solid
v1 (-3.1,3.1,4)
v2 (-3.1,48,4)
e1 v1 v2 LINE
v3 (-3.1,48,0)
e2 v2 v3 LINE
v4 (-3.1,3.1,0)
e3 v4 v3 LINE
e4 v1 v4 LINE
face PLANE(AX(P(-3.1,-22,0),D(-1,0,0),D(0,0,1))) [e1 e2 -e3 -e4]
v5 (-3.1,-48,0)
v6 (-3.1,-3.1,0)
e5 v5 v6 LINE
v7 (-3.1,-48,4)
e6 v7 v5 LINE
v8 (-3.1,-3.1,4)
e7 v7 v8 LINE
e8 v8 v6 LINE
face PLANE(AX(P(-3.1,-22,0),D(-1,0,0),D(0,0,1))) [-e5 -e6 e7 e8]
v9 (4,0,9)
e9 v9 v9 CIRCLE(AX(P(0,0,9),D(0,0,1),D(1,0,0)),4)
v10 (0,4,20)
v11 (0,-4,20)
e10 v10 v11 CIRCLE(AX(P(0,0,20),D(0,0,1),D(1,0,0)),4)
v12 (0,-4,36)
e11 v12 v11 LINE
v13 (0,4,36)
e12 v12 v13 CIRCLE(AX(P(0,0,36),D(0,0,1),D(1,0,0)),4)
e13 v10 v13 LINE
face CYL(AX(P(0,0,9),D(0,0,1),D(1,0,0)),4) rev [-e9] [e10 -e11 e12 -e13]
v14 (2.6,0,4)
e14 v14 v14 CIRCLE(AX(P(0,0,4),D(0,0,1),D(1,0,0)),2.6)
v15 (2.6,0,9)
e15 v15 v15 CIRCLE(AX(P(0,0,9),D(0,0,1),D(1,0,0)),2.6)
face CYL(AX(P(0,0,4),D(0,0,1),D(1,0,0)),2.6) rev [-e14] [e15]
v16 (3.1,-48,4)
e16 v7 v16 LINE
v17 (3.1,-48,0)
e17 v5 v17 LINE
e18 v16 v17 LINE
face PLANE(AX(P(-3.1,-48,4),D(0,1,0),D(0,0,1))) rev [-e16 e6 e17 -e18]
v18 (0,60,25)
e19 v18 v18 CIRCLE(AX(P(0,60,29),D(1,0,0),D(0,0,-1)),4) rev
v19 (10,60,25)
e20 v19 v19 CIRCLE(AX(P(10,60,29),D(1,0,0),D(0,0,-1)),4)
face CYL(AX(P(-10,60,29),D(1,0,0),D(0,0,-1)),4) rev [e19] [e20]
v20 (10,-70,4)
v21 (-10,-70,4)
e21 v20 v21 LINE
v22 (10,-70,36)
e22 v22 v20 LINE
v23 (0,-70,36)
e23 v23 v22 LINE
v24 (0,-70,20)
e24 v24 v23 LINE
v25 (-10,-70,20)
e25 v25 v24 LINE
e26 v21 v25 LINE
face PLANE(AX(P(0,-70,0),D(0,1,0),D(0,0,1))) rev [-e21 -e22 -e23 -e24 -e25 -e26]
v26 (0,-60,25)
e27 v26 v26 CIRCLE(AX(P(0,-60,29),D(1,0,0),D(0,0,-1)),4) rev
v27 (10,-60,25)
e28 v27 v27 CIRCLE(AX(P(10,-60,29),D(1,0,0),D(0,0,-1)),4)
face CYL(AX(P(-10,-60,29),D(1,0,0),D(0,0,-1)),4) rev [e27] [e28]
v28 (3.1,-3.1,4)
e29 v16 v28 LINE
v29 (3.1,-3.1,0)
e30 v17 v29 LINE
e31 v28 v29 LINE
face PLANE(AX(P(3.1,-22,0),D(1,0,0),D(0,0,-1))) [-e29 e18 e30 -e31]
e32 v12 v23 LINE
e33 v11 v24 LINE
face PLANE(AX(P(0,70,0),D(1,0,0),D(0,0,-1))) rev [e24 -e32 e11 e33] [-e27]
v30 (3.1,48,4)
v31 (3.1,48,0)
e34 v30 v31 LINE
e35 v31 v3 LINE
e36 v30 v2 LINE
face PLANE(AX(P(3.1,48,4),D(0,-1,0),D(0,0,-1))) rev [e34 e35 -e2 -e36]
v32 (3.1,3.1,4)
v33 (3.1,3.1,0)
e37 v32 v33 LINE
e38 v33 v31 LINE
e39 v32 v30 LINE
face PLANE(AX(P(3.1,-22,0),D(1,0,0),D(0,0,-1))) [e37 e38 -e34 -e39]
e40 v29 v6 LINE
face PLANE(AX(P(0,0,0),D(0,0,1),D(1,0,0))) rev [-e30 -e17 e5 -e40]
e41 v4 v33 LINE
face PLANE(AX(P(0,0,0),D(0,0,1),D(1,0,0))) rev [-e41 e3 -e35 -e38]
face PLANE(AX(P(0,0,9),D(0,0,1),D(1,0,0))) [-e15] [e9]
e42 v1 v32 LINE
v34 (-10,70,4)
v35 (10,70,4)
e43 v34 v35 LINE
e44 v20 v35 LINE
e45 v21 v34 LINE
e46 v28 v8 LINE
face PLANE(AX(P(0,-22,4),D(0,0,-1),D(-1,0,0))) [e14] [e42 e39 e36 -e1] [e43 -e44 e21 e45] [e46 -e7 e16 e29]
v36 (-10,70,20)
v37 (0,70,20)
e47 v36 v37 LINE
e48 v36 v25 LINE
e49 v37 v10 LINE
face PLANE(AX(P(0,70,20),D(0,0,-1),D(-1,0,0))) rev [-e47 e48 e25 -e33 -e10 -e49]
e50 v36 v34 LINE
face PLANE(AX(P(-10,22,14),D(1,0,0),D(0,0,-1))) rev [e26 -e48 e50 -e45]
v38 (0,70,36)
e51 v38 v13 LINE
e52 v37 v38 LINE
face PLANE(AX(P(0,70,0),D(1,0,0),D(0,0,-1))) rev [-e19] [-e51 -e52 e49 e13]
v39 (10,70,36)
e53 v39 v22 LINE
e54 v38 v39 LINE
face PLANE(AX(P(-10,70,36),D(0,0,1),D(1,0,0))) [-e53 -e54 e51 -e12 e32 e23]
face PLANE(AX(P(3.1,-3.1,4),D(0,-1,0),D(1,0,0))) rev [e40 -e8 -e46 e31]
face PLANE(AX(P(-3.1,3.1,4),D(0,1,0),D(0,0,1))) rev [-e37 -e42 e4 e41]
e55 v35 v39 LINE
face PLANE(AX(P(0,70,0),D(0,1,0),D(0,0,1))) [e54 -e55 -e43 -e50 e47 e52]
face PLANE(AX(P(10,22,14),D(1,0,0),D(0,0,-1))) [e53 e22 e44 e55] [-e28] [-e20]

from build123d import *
from build123d.topology import SkipClean

# Parameters (mm, degrees)
EXTRUDE_1_DEPTH      = 14
CUT_EXTRUDE_1_DEPTH  = 44
SKETCH_3_W           = 6.2
SKETCH_3_H           = 6.2
CUT_EXTRUDE_2_DEPTH  = 4
SKETCH_4_R           = 4
CUT_EXTRUDE_3_DEPTH  = 5
SKETCH_5_R           = 2.6
CUT_EXTRUDE_4_DEPTH  = 5
SKETCH_6_W           = 5
SKETCH_6_H           = 44
CUT_EXTRUDE_5_DEPTH  = 10
SKETCH_7_W           = 5
SKETCH_7_H           = 44
CUT_EXTRUDE_6_DEPTH  = 10
EXTRUDE_3_DEPTH      = 48
EXTRUDE_4_DEPTH      = 48
SKETCH_11_W          = 22
SKETCH_11_H          = 140
EXTRUDE_5_DEPTH      = 20
SKETCH_12_R          = 4
CUT_EXTRUDE_7_DEPTH  = 20
SKETCH_13_W          = 10
SKETCH_13_H          = 16
CUT_EXTRUDE_8_DEPTH  = 140
CUT_EXTRUDE_9_DEPTH  = 6
SKETCH_15_R          = 4
CUT_EXTRUDE_10_DEPTH = 20
SKETCH_16_W          = 6.2
SKETCH_16_H          = 22
CUT_EXTRUDE_11_DEPTH = 4


with BuildPart() as part:
    # 草图1 → 凸台-拉伸1 (new body)
    with BuildSketch(Plane.XY):
        Polygon((-15, 22), (-15, -22), (15, -22), (15, 22), (0, 22), align=None)
    extrude(amount=EXTRUDE_1_DEPTH)

    # 草图2 → 切除-拉伸1 (cut)
    with BuildSketch(Plane(origin=(0, 22, 0), x_dir=(1, 0, 0), z_dir=(0, 1, 0))):
        Polygon((-15, 0), (-15, -14), (-10, -4), (-3.1, -4), (-3.1, 0), align=None)
        Polygon((3.1, -4), (10, -4), (15, -14), (15, 0), (3.1, 0), align=None)
    extrude(amount=-CUT_EXTRUDE_1_DEPTH, mode=Mode.SUBTRACT)

    # 草图3 → 切除-拉伸2 (cut)
    with BuildSketch(Plane(origin=(0, 0, 0), x_dir=(-1, 0, 0), z_dir=(0, 0, -1))):
        Rectangle(SKETCH_3_W, SKETCH_3_H)
    extrude(amount=-CUT_EXTRUDE_2_DEPTH, mode=Mode.SUBTRACT)

    # 草图4 → 切除-拉伸3 (cut)
    with BuildSketch(Plane.XY.offset(14)):
        Circle(SKETCH_4_R)
    extrude(amount=-CUT_EXTRUDE_3_DEPTH, mode=Mode.SUBTRACT)

    # 草图5 → 切除-拉伸4 (cut)
    with BuildSketch(Plane.XY.offset(9)):
        Circle(SKETCH_5_R)
    extrude(amount=-CUT_EXTRUDE_4_DEPTH, mode=Mode.SUBTRACT)

    # 草图6 → 切除-拉伸5 (cut)
    with BuildSketch(Plane(origin=(0, 0, 4), x_dir=(-1, 0, 0), z_dir=(0, 0, -1))):
        with Locations((12.5, 0)):
            Rectangle(SKETCH_6_W, SKETCH_6_H)
    extrude(amount=-CUT_EXTRUDE_5_DEPTH, mode=Mode.SUBTRACT)

    # 草图7 → 切除-拉伸6 (cut)
    with BuildSketch(Plane(origin=(0, 0, 4), x_dir=(-1, 0, 0), z_dir=(0, 0, -1))):
        with Locations((-12.5, 0)):
            Rectangle(SKETCH_7_W, SKETCH_7_H)
    extrude(amount=-CUT_EXTRUDE_6_DEPTH, mode=Mode.SUBTRACT)

    # 草图9 → 凸台-拉伸3 (add)
    with BuildSketch(Plane(origin=(0, 22, 0), x_dir=(1, 0, 0), z_dir=(0, 1, 0))):
        Polygon((-3.1, 0), (3.1, 0), (3.1, -4), (10, -4), (10, -14), (-10, -14), (-10, -4), (-3.1, -4), align=None)
    extrude(amount=EXTRUDE_3_DEPTH)

    # 草图10 → 凸台-拉伸4 (add)
    with BuildSketch(Plane(origin=(0, -22, 0), x_dir=(-1, 0, 0), z_dir=(0, -1, 0))):
        Polygon((10, -14), (-10, -14), (-10, -4), (-3.1, -4), (-3.1, 0), (3.1, 0), (3.1, -4), (10, -4), align=None)
    extrude(amount=EXTRUDE_4_DEPTH)

    # 草图11 → 凸台-拉伸5 (add)
    with BuildSketch(Plane(origin=(10, 0, 0), x_dir=(0, 0, -1), z_dir=(1, 0, 0))):
        with Locations((-25, 0)):
            Rectangle(SKETCH_11_W, SKETCH_11_H)
    extrude(amount=-EXTRUDE_5_DEPTH)

    # 草图12 → 切除-拉伸7 (cut)
    with BuildSketch(Plane(origin=(10, 0, 0), x_dir=(0, 0, -1), z_dir=(1, 0, 0))):
        with Locations((-29, 60)):
            Circle(SKETCH_12_R)
        with Locations((-29, -60)):
            Circle(SKETCH_12_R)
    extrude(amount=-CUT_EXTRUDE_7_DEPTH, mode=Mode.SUBTRACT)

    # 草图13 → 切除-拉伸8 (cut)
    with BuildSketch(Plane.XZ.offset(70)):
        with Locations((-5, 28)):
            Rectangle(SKETCH_13_W, SKETCH_13_H)
    extrude(amount=-CUT_EXTRUDE_8_DEPTH, mode=Mode.SUBTRACT)

    # 草图14 → 切除-拉伸9 (cut)
    with BuildSketch(Plane.XY.offset(20)):
        with BuildLine():
            ThreePointArc((4, 0), (2.828427125, 2.828427125), (0, 4))
            Line((0, 4), (0, -4))
            ThreePointArc((0, -4), (2.828427125, -2.828427125), (4, 0))
        make_face()
        with BuildLine():
            Line((0, -4), (0, 4))
            ThreePointArc((0, 4), (-4, 0), (0, -4))
        make_face()
    extrude(amount=-CUT_EXTRUDE_9_DEPTH, mode=Mode.SUBTRACT)

    # 草图15 → 切除-拉伸10 (cut)
    with SkipClean():  # the faces are left unmerged after this step: merging them gives an invalid solid
        with BuildSketch(Plane.XY.offset(36)):
            Circle(SKETCH_15_R)
        extrude(amount=-CUT_EXTRUDE_10_DEPTH, mode=Mode.SUBTRACT)

    # 草图16 → 切除-拉伸11 (cut)
    with SkipClean():  # the faces are left unmerged after this step: merging them gives an invalid solid
        with BuildSketch(Plane(origin=(0, 0, 0), x_dir=(-1, 0, 0), z_dir=(0, 0, -1))):
            with Locations((0, 59)):
                Rectangle(SKETCH_16_W, SKETCH_16_H)
            with Locations((0, -59)):
                Rectangle(SKETCH_16_W, SKETCH_16_H)
        extrude(amount=-CUT_EXTRUDE_11_DEPTH, mode=Mode.SUBTRACT)


solid = part.part
